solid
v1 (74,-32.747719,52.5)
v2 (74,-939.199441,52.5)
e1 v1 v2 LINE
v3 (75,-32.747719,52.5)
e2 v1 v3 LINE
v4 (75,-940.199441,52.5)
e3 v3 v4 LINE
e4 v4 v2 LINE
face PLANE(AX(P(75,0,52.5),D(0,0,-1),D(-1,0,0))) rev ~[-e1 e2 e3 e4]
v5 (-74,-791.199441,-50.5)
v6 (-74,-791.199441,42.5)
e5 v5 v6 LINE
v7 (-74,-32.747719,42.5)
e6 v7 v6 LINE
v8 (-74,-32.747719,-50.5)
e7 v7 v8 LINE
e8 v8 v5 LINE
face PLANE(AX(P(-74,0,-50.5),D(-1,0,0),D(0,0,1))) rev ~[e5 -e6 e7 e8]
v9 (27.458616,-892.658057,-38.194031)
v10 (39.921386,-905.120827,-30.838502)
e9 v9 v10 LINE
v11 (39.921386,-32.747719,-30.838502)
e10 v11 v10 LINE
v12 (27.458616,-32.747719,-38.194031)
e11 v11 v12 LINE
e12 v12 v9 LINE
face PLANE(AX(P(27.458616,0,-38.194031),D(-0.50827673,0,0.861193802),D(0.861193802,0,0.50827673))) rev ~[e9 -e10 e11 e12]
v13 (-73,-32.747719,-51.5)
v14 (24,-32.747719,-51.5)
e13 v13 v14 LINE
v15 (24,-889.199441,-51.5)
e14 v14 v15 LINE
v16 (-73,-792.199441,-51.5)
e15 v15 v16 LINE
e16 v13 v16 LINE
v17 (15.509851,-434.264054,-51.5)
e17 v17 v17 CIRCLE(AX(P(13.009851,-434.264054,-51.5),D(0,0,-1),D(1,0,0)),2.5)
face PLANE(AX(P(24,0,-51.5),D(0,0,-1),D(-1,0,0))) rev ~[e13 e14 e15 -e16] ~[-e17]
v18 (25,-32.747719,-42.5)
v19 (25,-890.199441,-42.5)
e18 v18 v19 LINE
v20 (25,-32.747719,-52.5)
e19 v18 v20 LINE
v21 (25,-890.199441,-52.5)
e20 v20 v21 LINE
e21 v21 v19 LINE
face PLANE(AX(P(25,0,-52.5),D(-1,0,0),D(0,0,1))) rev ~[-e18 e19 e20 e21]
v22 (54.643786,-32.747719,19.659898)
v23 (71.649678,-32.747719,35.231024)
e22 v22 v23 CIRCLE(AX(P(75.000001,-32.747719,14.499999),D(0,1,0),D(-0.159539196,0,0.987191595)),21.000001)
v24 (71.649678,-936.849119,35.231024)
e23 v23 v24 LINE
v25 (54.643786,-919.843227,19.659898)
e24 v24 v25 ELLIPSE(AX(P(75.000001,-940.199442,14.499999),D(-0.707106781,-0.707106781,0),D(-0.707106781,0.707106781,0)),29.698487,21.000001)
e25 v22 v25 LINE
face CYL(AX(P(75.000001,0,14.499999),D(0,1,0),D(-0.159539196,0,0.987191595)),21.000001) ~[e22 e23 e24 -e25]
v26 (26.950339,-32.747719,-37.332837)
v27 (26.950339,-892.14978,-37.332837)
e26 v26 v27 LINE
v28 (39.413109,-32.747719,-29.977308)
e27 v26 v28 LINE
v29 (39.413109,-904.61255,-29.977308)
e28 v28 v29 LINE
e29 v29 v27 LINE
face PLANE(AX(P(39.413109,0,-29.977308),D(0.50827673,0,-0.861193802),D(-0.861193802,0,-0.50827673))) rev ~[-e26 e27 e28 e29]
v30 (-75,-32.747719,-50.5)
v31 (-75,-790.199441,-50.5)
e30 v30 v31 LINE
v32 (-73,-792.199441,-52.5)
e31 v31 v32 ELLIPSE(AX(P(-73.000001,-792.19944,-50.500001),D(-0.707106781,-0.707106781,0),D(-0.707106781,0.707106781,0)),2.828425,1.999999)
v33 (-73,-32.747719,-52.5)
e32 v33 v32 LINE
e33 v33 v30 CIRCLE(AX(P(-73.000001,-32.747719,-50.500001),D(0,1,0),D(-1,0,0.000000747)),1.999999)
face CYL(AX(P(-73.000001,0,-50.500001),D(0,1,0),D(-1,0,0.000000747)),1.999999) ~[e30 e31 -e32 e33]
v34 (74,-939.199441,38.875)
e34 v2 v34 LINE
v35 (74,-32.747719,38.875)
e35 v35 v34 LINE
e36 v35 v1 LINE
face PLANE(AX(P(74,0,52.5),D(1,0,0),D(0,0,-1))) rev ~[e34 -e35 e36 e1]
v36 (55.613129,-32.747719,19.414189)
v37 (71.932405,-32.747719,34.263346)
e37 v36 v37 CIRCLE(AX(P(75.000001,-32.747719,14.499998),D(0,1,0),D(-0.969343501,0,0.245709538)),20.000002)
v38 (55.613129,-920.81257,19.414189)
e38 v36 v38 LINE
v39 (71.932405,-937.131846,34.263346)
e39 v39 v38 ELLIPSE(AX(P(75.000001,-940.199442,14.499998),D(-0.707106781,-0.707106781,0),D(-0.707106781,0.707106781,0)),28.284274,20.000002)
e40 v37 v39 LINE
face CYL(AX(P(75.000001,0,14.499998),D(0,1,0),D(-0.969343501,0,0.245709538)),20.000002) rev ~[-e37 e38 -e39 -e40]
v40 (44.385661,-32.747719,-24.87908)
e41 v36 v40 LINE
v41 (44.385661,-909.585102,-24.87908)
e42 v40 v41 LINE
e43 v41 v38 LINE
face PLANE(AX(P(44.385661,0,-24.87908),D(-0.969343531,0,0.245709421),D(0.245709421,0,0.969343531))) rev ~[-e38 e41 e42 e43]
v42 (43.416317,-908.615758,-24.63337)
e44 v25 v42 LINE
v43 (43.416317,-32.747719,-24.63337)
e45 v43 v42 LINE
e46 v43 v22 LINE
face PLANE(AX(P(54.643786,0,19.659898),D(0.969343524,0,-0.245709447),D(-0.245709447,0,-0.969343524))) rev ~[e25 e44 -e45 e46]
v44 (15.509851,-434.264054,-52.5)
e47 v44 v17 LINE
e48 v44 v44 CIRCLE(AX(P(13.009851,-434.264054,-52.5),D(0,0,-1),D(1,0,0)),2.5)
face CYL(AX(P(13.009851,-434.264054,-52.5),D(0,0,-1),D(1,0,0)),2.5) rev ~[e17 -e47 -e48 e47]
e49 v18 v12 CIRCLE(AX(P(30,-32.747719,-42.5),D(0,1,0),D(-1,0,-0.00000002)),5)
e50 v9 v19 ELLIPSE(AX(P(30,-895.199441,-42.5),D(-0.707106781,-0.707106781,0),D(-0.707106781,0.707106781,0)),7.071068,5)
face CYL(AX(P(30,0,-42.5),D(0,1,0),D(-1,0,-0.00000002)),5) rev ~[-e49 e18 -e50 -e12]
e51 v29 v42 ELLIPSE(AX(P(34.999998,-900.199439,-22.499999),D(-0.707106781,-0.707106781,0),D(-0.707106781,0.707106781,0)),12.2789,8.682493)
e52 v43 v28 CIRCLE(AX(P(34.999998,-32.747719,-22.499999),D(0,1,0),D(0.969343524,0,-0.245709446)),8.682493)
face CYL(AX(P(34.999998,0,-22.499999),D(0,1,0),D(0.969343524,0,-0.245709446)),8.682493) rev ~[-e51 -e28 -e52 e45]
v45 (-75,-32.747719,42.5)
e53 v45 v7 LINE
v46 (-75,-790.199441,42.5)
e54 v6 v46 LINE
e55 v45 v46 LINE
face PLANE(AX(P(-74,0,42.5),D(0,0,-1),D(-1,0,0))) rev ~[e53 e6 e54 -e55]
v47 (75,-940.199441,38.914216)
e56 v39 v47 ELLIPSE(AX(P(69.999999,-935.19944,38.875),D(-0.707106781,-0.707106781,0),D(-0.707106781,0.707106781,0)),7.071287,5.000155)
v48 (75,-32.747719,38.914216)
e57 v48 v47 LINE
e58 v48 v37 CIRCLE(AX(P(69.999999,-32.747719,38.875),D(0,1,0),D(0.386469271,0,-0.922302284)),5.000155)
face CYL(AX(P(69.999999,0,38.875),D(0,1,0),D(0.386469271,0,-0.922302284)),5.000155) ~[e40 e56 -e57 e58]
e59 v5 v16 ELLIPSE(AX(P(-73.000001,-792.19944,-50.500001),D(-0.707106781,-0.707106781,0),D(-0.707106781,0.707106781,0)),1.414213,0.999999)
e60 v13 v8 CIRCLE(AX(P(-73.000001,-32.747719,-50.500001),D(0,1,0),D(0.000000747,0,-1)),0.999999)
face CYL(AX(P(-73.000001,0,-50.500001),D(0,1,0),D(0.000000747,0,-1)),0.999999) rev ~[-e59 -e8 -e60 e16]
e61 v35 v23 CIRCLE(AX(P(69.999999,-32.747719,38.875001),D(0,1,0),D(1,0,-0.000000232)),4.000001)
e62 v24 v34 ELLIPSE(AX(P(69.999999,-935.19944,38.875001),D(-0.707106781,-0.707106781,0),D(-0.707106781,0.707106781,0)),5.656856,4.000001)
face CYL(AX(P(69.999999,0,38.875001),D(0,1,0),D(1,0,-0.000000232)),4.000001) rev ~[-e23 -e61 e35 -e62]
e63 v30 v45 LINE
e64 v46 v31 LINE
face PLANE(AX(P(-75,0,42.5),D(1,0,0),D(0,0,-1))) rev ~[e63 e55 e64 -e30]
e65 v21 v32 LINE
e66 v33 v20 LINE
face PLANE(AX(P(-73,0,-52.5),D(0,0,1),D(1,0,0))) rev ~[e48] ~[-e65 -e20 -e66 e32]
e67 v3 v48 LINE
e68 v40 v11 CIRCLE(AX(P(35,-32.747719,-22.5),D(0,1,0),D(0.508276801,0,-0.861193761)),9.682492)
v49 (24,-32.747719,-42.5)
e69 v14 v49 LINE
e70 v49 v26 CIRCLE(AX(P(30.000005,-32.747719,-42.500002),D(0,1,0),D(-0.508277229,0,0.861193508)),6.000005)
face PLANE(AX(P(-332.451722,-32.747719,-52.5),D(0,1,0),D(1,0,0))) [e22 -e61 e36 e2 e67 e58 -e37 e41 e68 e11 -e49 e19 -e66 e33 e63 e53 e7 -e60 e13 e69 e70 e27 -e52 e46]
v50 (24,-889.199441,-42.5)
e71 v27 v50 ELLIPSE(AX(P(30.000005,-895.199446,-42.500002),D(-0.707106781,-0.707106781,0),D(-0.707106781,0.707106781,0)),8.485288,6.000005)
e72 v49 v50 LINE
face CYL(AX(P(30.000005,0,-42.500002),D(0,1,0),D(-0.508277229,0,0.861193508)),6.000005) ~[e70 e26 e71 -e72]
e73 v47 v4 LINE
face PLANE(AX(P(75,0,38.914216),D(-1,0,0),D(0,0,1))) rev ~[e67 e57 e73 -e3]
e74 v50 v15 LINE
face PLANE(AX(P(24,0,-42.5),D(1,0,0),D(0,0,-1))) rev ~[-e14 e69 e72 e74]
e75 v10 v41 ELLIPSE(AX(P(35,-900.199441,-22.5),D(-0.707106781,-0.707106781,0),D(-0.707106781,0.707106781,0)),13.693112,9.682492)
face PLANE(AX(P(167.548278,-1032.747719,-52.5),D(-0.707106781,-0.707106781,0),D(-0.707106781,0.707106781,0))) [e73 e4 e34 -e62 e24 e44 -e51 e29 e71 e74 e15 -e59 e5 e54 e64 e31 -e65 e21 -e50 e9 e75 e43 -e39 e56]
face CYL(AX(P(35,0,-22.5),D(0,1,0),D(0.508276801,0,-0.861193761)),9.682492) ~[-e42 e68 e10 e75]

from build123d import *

# Parameters (mm, degrees)
F1_DEPTH = 1000
F2_R     = 2.5
F3_DEPTH = 500


with BuildPart() as f1:
    # F0 (on Front) → F1 (new body)
    with BuildSketch(Plane.XZ):
        with BuildLine():
            Line((75, 38.914216), (75, 52.5))
            Line((75, 52.5), (74, 52.5))
            Line((74, 52.5), (74, 38.875))
            ThreePointArc((74, 38.875), (73.361451, 36.706903), (71.649678, 35.231024))
            ThreePointArc((71.649678, 35.231024), (60.8185, 29.988223), (54.643786, 19.659898))
            Line((54.643786, 19.659898), (43.416317, -24.63337))
            ThreePointArc((43.416317, -24.63337), (41.948954, -27.705545), (39.413109, -29.977308))
            Line((39.413109, -29.977308), (26.950339, -37.332837))
            ThreePointArc((26.950339, -37.332837), (24.789532, -39.524934), (24, -42.5))
            Line((24, -42.5), (24, -51.5))
            Line((24, -51.5), (-73, -51.5))
            ThreePointArc((-73, -51.5), (-73.707107, -51.207107), (-74, -50.5))
            Line((-74, -50.5), (-74, 42.5))
            Line((-74, 42.5), (-75, 42.5))
            Line((-75, 42.5), (-75, -50.5))
            ThreePointArc((-75, -50.5), (-74.414214, -51.914214), (-73, -52.5))
            Line((-73, -52.5), (25, -52.5))
            Line((25, -52.5), (25, -42.5))
            ThreePointArc((25, -42.5), (25.657943, -40.020778), (27.458616, -38.194031))
            Line((27.458616, -38.194031), (39.921386, -30.838502))
            ThreePointArc((39.921386, -30.838502), (42.749295, -28.305091), (44.385661, -24.87908))
            Line((44.385661, -24.87908), (55.613129, 19.414189))
            ThreePointArc((55.613129, 19.414189), (61.539869, 29.29273), (71.932405, 34.263346))
            ThreePointArc((71.932405, 34.263346), (74.173992, 36.121942), (75, 38.914216))
        make_face()
    extrude(amount=F1_DEPTH)

    # F2 (on face) → F3 (intersect)
    with BuildSketch(Plane(origin=(0, 0, -52.5), x_dir=(1, 0, 0), z_dir=(0, 0, -1))):
        Polygon((167.548278, 1032.747719), (-332.451722, 532.747719), (-332.451722, 32.747719), (167.548278, 32.747719), (167.548278, 532.747719), align=None)
        with Locations((13.009851, 434.264054)):
            Circle(F2_R, mode=Mode.SUBTRACT)
    extrude(amount=-F3_DEPTH, mode=Mode.INTERSECT)


solid = f1.part
